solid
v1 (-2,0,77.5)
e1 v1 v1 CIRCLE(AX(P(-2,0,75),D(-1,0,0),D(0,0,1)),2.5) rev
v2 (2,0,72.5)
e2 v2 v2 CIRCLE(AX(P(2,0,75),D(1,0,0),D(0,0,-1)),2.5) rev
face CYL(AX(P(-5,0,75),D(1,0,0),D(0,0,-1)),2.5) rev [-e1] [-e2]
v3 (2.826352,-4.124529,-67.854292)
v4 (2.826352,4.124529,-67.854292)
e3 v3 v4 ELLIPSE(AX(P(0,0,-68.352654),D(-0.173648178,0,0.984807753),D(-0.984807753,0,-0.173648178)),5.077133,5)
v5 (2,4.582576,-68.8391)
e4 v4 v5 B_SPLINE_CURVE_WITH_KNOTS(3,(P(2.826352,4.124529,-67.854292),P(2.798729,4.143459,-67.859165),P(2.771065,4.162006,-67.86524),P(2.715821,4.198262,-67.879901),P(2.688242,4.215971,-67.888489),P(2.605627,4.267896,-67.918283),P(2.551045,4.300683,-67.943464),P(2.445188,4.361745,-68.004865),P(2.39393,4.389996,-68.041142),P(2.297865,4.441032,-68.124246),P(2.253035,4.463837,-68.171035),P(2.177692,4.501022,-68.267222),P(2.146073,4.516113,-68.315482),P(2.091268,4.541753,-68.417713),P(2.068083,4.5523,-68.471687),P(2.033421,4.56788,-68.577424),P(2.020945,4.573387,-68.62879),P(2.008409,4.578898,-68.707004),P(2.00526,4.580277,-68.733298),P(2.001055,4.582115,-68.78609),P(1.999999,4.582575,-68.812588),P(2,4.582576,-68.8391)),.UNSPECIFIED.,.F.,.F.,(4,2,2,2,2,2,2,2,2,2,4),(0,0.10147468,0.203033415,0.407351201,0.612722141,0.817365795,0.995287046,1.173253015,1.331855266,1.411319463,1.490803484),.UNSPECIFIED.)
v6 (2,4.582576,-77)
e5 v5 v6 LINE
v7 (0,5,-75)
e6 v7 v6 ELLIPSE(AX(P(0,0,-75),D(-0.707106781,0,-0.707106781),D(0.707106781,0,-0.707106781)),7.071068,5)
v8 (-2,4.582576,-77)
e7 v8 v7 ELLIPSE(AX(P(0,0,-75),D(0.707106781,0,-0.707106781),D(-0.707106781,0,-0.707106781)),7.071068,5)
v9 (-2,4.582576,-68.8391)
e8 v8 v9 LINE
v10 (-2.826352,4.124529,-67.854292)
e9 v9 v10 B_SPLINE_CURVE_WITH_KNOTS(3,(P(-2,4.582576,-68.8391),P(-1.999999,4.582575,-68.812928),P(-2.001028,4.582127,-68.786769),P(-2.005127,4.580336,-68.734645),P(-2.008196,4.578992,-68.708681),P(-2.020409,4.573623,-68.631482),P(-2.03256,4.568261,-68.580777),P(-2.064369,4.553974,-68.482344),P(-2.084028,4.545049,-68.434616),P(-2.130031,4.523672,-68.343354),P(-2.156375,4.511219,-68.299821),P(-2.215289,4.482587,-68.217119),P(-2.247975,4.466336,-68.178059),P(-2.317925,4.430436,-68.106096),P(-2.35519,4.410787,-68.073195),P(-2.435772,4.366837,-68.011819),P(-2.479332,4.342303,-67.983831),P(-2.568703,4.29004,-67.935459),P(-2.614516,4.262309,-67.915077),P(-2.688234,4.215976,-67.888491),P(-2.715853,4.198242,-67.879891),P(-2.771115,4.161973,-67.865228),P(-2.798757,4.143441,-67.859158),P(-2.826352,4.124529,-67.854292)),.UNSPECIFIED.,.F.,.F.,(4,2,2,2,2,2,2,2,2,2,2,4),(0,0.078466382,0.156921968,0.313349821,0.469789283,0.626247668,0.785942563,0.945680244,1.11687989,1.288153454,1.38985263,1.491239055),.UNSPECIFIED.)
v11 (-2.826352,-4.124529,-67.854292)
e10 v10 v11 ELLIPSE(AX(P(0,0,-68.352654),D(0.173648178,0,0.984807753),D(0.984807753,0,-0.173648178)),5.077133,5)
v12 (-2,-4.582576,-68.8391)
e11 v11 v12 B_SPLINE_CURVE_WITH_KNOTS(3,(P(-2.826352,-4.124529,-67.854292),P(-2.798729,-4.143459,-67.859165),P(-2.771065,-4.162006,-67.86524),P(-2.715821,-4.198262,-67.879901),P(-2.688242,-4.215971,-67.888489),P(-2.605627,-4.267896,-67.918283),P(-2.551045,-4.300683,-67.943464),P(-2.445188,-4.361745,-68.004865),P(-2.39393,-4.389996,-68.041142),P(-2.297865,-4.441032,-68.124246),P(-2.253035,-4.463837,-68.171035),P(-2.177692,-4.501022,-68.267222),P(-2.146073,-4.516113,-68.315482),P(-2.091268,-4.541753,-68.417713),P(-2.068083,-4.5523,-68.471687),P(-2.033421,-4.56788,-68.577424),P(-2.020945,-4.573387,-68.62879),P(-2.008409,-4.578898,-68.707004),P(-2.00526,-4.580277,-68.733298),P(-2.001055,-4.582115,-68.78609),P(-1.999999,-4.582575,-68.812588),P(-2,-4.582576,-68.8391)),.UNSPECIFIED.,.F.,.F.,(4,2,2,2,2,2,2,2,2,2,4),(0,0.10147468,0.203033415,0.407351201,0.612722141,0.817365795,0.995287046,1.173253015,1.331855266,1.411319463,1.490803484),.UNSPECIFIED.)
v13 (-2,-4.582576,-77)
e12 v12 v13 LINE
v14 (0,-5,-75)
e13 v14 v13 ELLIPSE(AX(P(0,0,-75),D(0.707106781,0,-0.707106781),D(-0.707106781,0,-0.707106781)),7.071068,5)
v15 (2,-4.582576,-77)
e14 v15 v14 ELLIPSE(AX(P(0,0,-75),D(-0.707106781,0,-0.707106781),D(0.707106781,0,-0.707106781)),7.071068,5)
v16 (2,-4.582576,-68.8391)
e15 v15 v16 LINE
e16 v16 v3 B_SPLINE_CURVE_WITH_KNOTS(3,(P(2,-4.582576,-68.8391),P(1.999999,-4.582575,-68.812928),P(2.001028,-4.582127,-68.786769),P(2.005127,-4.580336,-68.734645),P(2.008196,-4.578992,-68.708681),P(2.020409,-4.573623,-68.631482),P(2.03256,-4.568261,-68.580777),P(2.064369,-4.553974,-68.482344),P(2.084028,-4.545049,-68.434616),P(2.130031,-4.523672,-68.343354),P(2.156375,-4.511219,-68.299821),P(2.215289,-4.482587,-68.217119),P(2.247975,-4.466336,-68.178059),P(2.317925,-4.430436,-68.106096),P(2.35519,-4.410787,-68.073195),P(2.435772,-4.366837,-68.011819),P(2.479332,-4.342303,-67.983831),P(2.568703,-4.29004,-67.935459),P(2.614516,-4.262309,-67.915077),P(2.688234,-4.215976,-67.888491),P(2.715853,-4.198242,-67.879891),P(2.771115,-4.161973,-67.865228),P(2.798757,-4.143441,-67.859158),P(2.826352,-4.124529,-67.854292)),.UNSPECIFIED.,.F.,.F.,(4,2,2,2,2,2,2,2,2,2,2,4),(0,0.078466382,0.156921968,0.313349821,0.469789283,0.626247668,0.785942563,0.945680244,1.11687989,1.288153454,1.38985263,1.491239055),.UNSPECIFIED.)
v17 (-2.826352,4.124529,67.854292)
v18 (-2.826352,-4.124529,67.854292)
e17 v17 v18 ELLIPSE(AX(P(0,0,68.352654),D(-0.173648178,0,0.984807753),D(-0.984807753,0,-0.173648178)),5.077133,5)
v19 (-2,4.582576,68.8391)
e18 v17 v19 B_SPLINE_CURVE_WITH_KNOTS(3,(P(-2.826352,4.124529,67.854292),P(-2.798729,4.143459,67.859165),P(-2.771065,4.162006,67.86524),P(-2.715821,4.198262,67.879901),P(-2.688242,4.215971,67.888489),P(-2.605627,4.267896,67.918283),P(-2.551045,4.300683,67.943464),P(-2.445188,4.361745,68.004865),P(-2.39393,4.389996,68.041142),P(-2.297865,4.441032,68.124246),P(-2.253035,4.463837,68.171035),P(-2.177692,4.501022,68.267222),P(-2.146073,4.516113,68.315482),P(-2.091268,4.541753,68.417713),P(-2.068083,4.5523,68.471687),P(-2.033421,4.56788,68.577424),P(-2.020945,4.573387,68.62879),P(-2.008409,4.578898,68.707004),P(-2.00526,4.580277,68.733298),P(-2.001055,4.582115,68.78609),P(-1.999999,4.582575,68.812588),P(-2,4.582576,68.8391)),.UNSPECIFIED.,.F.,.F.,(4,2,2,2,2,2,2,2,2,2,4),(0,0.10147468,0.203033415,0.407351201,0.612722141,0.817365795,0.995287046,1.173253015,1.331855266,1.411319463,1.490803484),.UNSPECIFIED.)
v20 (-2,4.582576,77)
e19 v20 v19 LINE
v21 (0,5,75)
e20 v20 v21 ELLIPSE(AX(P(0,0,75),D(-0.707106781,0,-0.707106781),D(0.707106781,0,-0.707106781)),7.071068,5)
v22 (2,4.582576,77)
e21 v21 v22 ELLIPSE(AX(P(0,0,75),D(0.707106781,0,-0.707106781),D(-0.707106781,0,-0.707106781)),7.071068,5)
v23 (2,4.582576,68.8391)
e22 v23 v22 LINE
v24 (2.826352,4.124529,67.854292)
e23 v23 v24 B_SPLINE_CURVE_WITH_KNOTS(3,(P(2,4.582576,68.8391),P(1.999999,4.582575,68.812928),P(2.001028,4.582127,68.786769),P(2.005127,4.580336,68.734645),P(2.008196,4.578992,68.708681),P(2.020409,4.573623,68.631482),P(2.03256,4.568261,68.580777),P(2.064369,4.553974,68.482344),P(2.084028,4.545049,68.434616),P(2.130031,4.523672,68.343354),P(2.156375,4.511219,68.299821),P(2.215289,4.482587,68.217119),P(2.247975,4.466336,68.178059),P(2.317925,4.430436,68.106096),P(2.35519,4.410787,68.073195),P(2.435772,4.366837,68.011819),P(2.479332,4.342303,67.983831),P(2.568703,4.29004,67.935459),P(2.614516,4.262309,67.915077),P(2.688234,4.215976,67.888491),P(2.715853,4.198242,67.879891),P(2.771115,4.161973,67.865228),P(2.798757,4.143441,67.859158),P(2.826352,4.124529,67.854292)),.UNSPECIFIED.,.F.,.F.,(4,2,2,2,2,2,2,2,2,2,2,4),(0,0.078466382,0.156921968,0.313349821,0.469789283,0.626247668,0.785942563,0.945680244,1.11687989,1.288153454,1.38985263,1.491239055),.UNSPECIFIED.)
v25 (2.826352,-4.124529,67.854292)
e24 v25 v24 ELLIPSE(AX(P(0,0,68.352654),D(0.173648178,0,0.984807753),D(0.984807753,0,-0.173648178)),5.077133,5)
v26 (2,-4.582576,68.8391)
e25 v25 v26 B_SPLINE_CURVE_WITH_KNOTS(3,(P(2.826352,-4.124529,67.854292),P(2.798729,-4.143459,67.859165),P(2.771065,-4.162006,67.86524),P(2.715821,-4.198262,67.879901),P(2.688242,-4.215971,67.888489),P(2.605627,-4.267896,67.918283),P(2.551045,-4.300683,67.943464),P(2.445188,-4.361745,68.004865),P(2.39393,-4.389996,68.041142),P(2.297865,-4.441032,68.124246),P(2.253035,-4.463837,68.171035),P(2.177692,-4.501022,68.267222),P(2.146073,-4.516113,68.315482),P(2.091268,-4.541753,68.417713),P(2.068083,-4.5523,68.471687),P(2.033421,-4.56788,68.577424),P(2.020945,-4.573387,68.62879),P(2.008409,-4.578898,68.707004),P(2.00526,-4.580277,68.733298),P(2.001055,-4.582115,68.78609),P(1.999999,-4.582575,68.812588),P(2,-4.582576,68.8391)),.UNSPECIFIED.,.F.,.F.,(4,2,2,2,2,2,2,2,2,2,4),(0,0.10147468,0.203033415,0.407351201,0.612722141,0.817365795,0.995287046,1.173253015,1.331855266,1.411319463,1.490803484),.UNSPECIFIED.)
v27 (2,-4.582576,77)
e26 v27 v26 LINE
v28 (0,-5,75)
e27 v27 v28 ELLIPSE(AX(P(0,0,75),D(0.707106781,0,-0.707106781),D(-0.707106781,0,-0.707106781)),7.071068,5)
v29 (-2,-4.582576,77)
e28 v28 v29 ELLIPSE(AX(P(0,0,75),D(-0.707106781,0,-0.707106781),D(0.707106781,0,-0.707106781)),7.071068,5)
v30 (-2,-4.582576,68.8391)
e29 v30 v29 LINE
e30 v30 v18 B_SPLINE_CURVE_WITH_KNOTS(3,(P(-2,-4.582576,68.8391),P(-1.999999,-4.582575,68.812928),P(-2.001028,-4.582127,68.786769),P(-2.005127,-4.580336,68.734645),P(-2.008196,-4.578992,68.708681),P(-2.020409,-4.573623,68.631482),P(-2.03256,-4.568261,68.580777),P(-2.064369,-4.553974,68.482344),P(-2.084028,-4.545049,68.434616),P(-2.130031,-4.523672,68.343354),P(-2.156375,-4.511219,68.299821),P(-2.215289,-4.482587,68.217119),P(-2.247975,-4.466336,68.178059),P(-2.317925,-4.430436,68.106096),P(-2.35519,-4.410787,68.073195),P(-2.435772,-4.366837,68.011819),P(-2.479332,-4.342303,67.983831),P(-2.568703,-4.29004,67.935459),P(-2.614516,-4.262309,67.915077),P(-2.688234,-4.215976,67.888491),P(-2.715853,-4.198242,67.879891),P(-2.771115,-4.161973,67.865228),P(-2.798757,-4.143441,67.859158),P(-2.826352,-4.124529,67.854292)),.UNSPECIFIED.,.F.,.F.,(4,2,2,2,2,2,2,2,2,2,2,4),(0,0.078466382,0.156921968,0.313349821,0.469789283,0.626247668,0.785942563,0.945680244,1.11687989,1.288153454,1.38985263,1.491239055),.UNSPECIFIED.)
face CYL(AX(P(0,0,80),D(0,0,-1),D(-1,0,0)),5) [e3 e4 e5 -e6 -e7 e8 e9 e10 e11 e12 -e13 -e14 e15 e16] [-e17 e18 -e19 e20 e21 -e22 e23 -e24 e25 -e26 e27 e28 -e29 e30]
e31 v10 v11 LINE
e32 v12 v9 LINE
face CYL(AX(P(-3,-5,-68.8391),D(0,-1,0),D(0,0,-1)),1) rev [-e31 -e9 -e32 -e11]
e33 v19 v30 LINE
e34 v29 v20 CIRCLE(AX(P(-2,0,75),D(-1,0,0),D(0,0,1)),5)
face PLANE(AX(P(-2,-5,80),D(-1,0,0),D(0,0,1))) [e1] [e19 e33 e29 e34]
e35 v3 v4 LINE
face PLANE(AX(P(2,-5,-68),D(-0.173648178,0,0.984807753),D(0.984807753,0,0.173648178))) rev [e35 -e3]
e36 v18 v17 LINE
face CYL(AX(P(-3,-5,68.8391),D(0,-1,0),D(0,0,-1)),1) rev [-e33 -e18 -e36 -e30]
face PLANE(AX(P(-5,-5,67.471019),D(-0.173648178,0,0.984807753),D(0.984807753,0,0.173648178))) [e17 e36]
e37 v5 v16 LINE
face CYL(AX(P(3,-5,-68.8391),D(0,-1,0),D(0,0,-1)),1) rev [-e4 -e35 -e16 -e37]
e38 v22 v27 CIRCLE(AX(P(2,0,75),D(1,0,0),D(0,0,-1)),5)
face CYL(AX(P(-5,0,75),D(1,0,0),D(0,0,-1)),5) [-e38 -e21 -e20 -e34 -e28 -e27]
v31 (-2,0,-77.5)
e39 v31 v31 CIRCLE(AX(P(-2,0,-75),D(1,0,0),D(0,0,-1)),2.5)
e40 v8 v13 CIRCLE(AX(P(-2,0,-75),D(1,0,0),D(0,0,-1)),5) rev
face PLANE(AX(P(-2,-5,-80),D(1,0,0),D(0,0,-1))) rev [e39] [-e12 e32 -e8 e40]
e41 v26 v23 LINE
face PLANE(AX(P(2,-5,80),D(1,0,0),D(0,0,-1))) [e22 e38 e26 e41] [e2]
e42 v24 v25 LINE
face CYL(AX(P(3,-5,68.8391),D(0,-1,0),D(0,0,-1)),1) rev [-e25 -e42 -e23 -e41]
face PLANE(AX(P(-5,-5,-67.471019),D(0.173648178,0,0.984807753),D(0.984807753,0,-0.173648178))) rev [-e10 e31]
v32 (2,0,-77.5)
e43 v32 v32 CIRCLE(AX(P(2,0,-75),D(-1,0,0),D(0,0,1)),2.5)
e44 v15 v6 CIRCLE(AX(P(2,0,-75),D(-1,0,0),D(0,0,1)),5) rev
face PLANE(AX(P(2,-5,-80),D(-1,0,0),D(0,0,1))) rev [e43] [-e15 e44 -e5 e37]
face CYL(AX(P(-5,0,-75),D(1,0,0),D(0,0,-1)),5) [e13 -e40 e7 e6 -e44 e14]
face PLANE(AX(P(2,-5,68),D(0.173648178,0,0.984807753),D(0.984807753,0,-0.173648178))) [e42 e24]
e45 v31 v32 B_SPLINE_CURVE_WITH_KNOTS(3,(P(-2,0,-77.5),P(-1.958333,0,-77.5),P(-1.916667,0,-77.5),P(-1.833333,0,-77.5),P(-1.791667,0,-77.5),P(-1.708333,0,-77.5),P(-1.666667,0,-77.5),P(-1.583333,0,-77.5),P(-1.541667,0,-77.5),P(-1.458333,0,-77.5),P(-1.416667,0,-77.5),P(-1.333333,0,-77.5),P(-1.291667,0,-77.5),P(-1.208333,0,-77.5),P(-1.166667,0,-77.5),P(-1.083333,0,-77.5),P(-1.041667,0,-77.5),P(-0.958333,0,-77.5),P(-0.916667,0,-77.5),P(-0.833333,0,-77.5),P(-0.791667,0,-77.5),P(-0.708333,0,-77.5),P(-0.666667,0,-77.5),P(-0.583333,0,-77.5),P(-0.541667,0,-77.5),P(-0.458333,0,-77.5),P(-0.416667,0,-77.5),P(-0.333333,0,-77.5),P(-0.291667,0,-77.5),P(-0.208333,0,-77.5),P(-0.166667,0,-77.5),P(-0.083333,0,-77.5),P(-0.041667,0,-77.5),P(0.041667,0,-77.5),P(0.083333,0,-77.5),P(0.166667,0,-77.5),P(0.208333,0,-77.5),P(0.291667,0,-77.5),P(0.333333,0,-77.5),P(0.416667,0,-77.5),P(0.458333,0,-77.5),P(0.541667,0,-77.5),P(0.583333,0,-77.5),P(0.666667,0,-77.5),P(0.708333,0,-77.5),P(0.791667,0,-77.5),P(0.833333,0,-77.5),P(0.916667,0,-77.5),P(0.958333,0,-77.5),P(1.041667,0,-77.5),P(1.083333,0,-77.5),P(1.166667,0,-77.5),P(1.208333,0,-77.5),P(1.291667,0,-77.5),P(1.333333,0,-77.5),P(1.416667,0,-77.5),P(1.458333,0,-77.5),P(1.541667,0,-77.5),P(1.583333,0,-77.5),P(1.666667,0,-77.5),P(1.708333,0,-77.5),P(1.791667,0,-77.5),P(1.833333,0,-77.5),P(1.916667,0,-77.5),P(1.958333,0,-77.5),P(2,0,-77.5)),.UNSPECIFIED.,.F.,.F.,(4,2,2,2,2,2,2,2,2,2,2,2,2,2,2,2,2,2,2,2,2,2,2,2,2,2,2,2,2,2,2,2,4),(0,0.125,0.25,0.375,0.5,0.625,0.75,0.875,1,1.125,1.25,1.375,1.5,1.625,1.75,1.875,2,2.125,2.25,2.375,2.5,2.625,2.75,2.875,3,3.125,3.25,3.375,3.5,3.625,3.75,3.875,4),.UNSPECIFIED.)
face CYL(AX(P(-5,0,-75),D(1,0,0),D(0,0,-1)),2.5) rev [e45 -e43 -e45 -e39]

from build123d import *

# Parameters (mm, degrees)
SKETCH1_R            = 5
BOSS_EXTRUDE1_DEPTH  = 80
CUT_EXTRUDE2_DEPTH   = 81.311892021
CUT_EXTRUDE3_DEPTH   = 81.311892021
SKETCH8_R            = 2.5
CUT_EXTRUDE4_DEPTH   = 81.46117076
FILLET1_R            = 1
FILLET1_OF_MIRROR2_R = 1


with BuildPart() as part:
    # Sketch1 → Boss-Extrude1 (new, symmetric)
    with BuildSketch(Plane.XY):
        Circle(SKETCH1_R)
    extrude(amount=BOSS_EXTRUDE1_DEPTH, both=True)

    # Sketch6 → Cut-Extrude2 (cut, symmetric)
    with BuildSketch(Plane(origin=(0, 0, 0), x_dir=(0, 0, -1), z_dir=(1, 0, 0))):
        with BuildLine():
            Line((80, 0), (80, 5))
            Line((80, 5), (75, 5))
            ThreePointArc((75, 5), (78.535533906, 3.535533906), (80, 0))
        make_face()
        with BuildLine():
            Line((80, -5), (80, 0))
            ThreePointArc((80, 0), (78.535533906, -3.535533906), (75, -5))
            Line((75, -5), (80, -5))
        make_face()
    cut_extrude2 = extrude(amount=CUT_EXTRUDE2_DEPTH, both=True, mode=Mode.SUBTRACT)

    # Sketch7 → Cut-Extrude3 (cut, symmetric)
    with BuildSketch(Plane(origin=(0, 0, 0), x_dir=(1, 0, 0), z_dir=(0, 1, 0))):
        Polygon((-2, 80), (-2, 68), (-5, 67.471019058), (-5, 80), align=None)
        Polygon((5, 80), (2, 80), (2, 68), (5, 67.471019058), align=None)
    cut_extrude3 = extrude(amount=CUT_EXTRUDE3_DEPTH, both=True, mode=Mode.SUBTRACT)

    # Sketch8 → Cut-Extrude4 (cut, symmetric)
    with BuildSketch(Plane(origin=(-2, 0, 0), x_dir=(0, 0, -1), z_dir=(1, 0, 0))):
        with Locations((75, 0)):
            Circle(SKETCH8_R)
    cut_extrude4 = extrude(amount=CUT_EXTRUDE4_DEPTH, both=True, mode=Mode.SUBTRACT)

    # Fillet1
    fillet1_edges = [part.edges().sort_by_distance(p)[0] for p in [
        (-2, 0, -68),
        (2, 0, -68),
    ]]
    fillet(fillet1_edges, radius=FILLET1_R)

    # Mirror2: Cut-Extrude2, Cut-Extrude3, Cut-Extrude4 across plane
    add(cut_extrude2.mirror(Plane.XY), mode=Mode.SUBTRACT)
    add(cut_extrude3.mirror(Plane.XY), mode=Mode.SUBTRACT)
    add(cut_extrude4.mirror(Plane.XY), mode=Mode.SUBTRACT)

    # Fillet1 of Mirror2
    fillet1_of_mirror2_edges = [part.edges().sort_by_distance(p)[0] for p in [
        (-2, 0, 68),
        (2, 0, 68),
    ]]
    fillet(fillet1_of_mirror2_edges, radius=FILLET1_OF_MIRROR2_R)


solid = part.part
